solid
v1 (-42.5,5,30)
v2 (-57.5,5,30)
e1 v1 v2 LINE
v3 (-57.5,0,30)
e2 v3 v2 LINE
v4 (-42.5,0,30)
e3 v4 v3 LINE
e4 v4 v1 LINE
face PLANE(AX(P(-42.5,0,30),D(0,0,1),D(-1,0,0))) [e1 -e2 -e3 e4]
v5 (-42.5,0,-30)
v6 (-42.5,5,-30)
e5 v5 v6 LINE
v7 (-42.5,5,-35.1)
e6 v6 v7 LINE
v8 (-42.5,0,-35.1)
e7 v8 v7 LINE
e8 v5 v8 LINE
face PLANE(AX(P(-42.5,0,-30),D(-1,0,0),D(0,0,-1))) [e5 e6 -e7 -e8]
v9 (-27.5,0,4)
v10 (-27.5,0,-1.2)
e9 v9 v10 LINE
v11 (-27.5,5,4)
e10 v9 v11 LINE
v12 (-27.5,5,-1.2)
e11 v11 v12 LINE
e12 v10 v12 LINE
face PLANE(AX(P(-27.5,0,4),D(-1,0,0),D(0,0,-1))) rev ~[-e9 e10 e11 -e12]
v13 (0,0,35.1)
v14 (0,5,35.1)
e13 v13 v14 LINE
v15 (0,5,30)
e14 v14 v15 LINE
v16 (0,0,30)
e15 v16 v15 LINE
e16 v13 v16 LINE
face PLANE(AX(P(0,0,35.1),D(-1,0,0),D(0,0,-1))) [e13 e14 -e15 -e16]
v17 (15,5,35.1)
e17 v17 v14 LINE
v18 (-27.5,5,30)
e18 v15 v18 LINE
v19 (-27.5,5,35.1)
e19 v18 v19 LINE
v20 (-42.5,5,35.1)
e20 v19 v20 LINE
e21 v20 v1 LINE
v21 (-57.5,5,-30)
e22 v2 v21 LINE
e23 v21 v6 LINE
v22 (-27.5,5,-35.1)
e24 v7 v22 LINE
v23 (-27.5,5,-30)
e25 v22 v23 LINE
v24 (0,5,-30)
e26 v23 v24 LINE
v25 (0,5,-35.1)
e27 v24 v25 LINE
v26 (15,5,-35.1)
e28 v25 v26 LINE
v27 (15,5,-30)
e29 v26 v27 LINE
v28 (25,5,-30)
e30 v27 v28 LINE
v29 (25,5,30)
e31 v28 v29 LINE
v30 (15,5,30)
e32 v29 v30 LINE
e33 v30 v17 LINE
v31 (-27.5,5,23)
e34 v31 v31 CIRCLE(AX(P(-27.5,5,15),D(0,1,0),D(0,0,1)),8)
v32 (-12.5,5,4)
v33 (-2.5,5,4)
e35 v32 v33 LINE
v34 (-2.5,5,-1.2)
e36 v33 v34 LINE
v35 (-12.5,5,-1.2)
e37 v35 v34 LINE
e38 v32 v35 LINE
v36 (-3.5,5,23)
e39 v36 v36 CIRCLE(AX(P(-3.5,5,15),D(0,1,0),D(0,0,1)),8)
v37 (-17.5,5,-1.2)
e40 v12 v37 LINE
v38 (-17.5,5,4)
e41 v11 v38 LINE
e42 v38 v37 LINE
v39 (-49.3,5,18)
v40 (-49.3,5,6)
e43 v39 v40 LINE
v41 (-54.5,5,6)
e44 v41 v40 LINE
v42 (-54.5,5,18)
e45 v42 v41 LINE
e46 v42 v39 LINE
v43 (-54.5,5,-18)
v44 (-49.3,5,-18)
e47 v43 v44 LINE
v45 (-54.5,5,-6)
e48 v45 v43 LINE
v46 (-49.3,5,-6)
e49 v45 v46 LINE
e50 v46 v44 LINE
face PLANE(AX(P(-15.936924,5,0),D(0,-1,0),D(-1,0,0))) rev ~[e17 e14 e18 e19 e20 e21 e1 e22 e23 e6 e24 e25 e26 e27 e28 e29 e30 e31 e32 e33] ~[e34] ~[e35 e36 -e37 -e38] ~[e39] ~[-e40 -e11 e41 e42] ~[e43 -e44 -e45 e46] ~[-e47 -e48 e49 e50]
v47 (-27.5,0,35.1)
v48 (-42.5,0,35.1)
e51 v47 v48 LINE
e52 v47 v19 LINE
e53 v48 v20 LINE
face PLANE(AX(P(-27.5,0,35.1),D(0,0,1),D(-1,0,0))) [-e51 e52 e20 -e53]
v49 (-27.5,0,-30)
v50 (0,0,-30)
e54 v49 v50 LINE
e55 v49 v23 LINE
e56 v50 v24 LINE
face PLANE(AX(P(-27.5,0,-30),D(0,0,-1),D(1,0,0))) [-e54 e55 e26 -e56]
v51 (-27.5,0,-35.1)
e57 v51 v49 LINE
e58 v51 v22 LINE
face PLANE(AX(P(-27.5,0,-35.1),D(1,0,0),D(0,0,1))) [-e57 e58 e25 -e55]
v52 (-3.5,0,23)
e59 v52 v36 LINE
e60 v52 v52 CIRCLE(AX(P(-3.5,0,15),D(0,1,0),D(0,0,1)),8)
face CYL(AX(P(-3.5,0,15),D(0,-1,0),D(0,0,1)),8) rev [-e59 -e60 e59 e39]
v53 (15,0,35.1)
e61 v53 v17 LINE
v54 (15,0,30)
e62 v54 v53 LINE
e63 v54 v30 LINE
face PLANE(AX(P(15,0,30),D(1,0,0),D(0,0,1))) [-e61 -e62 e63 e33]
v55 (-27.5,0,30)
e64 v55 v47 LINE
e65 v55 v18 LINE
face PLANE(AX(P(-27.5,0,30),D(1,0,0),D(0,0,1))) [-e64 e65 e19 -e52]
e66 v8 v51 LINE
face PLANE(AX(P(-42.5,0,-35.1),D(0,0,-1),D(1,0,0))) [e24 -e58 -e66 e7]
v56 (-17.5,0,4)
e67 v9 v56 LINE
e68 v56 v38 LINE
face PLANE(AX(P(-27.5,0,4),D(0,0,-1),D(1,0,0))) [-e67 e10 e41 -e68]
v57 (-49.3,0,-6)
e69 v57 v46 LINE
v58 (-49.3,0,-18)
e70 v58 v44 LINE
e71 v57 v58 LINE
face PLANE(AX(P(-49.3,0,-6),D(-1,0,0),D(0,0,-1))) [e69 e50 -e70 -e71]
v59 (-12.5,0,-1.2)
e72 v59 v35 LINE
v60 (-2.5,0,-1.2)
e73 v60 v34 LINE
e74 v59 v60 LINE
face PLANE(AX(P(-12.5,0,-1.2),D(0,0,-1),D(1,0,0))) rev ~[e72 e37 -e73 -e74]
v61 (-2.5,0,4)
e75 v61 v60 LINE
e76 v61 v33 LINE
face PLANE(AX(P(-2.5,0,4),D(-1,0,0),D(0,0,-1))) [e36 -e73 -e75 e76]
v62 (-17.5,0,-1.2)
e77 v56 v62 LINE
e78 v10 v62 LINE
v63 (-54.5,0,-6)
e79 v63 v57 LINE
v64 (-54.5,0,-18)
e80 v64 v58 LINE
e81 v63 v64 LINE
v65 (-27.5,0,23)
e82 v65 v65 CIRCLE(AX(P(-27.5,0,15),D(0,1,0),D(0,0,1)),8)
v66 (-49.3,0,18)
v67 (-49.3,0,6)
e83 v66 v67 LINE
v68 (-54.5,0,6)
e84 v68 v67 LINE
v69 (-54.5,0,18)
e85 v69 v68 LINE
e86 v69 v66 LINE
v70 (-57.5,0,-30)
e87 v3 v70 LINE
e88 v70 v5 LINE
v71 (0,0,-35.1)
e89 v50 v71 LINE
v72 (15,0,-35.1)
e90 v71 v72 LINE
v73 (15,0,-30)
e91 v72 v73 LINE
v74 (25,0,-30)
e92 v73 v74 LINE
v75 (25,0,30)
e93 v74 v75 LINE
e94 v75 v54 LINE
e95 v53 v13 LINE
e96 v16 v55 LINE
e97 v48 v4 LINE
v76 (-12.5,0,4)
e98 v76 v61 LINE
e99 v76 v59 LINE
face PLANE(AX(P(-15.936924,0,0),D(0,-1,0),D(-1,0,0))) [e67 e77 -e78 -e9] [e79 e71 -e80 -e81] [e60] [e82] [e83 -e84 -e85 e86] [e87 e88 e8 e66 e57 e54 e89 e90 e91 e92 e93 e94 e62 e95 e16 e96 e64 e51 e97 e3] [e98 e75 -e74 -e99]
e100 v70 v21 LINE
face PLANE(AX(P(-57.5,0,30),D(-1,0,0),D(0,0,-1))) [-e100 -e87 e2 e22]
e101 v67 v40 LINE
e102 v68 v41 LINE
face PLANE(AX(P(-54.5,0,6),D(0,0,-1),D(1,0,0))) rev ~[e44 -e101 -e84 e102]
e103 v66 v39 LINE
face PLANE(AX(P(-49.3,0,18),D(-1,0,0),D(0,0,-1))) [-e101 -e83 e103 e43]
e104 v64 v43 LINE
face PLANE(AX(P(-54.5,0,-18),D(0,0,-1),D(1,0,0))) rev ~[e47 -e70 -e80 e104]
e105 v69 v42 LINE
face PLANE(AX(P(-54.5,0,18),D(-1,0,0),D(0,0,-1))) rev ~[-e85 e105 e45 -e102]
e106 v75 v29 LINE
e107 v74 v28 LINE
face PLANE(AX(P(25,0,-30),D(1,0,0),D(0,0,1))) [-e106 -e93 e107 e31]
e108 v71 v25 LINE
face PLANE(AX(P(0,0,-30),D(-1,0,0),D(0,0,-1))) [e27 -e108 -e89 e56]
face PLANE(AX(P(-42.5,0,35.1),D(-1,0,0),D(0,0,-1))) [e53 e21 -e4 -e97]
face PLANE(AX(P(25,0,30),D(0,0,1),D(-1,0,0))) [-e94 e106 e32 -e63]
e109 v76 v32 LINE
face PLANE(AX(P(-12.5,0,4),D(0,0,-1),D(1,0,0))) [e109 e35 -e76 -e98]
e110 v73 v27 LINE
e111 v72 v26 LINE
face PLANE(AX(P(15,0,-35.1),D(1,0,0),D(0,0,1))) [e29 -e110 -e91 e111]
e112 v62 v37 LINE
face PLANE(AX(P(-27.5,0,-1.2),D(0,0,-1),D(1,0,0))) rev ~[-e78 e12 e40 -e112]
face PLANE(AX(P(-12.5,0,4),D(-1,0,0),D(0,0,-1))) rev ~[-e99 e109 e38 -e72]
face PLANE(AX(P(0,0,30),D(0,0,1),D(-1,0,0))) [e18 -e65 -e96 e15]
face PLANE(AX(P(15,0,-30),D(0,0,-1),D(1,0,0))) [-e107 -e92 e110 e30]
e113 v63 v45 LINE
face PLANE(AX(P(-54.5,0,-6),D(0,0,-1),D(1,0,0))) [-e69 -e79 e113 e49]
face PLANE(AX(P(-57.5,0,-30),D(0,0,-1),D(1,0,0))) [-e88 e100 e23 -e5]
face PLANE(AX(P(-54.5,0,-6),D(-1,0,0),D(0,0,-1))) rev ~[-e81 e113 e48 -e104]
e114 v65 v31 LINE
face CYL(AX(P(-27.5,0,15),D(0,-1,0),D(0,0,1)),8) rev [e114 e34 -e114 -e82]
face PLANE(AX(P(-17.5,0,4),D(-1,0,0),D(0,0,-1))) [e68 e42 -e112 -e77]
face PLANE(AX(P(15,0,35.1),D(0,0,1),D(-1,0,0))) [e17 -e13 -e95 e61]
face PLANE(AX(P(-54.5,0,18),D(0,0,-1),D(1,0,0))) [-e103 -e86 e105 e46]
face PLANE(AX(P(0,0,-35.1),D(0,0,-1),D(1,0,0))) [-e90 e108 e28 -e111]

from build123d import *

# Parameters (mm, degrees)
SKETCH1_R           = 8
SKETCH1_W           = 10
SKETCH1_H           = 5.2
SKETCH1_W_2         = 5.2
SKETCH1_H_2         = 12
BOSS_EXTRUDE1_DEPTH = 5


with BuildPart() as part:
    # Sketch1 → Boss-Extrude1 (new body)
    with BuildSketch(Plane(origin=(0, 0, 0), x_dir=(1, 0, 0), z_dir=(0, 1, 0))):
        Polygon((25, 30), (25, -30), (15, -30), (15, -35.1), (0, -35.1), (0, -30), (-27.5, -30), (-27.5, -35.1), (-42.5, -35.1), (-42.5, -30), (-57.5, -30), (-57.5, 30), (-42.5, 30), (-42.5, 35.1), (-27.5, 35.1), (-27.5, 30), (0, 30), (0, 35.1), (15, 35.1), (15, 30), align=None)
        with Locations(Location((-27.5, -15, 0), (0, 0, 270))):
            Circle(SKETCH1_R, mode=Mode.SUBTRACT)
        with Locations(Location((-3.5, -15, 0), (0, 0, 270))):
            Circle(SKETCH1_R, mode=Mode.SUBTRACT)
        with Locations((-22.5, -1.4)):
            Rectangle(SKETCH1_W, SKETCH1_H, mode=Mode.SUBTRACT)
        with Locations((-7.5, -1.4)):
            Rectangle(SKETCH1_W, SKETCH1_H, mode=Mode.SUBTRACT)
        with Locations((-51.9, -12)):
            Rectangle(SKETCH1_W_2, SKETCH1_H_2, mode=Mode.SUBTRACT)
        with Locations((-51.9, 12)):
            Rectangle(SKETCH1_W_2, SKETCH1_H_2, mode=Mode.SUBTRACT)
    extrude(amount=BOSS_EXTRUDE1_DEPTH)


solid = part.part
